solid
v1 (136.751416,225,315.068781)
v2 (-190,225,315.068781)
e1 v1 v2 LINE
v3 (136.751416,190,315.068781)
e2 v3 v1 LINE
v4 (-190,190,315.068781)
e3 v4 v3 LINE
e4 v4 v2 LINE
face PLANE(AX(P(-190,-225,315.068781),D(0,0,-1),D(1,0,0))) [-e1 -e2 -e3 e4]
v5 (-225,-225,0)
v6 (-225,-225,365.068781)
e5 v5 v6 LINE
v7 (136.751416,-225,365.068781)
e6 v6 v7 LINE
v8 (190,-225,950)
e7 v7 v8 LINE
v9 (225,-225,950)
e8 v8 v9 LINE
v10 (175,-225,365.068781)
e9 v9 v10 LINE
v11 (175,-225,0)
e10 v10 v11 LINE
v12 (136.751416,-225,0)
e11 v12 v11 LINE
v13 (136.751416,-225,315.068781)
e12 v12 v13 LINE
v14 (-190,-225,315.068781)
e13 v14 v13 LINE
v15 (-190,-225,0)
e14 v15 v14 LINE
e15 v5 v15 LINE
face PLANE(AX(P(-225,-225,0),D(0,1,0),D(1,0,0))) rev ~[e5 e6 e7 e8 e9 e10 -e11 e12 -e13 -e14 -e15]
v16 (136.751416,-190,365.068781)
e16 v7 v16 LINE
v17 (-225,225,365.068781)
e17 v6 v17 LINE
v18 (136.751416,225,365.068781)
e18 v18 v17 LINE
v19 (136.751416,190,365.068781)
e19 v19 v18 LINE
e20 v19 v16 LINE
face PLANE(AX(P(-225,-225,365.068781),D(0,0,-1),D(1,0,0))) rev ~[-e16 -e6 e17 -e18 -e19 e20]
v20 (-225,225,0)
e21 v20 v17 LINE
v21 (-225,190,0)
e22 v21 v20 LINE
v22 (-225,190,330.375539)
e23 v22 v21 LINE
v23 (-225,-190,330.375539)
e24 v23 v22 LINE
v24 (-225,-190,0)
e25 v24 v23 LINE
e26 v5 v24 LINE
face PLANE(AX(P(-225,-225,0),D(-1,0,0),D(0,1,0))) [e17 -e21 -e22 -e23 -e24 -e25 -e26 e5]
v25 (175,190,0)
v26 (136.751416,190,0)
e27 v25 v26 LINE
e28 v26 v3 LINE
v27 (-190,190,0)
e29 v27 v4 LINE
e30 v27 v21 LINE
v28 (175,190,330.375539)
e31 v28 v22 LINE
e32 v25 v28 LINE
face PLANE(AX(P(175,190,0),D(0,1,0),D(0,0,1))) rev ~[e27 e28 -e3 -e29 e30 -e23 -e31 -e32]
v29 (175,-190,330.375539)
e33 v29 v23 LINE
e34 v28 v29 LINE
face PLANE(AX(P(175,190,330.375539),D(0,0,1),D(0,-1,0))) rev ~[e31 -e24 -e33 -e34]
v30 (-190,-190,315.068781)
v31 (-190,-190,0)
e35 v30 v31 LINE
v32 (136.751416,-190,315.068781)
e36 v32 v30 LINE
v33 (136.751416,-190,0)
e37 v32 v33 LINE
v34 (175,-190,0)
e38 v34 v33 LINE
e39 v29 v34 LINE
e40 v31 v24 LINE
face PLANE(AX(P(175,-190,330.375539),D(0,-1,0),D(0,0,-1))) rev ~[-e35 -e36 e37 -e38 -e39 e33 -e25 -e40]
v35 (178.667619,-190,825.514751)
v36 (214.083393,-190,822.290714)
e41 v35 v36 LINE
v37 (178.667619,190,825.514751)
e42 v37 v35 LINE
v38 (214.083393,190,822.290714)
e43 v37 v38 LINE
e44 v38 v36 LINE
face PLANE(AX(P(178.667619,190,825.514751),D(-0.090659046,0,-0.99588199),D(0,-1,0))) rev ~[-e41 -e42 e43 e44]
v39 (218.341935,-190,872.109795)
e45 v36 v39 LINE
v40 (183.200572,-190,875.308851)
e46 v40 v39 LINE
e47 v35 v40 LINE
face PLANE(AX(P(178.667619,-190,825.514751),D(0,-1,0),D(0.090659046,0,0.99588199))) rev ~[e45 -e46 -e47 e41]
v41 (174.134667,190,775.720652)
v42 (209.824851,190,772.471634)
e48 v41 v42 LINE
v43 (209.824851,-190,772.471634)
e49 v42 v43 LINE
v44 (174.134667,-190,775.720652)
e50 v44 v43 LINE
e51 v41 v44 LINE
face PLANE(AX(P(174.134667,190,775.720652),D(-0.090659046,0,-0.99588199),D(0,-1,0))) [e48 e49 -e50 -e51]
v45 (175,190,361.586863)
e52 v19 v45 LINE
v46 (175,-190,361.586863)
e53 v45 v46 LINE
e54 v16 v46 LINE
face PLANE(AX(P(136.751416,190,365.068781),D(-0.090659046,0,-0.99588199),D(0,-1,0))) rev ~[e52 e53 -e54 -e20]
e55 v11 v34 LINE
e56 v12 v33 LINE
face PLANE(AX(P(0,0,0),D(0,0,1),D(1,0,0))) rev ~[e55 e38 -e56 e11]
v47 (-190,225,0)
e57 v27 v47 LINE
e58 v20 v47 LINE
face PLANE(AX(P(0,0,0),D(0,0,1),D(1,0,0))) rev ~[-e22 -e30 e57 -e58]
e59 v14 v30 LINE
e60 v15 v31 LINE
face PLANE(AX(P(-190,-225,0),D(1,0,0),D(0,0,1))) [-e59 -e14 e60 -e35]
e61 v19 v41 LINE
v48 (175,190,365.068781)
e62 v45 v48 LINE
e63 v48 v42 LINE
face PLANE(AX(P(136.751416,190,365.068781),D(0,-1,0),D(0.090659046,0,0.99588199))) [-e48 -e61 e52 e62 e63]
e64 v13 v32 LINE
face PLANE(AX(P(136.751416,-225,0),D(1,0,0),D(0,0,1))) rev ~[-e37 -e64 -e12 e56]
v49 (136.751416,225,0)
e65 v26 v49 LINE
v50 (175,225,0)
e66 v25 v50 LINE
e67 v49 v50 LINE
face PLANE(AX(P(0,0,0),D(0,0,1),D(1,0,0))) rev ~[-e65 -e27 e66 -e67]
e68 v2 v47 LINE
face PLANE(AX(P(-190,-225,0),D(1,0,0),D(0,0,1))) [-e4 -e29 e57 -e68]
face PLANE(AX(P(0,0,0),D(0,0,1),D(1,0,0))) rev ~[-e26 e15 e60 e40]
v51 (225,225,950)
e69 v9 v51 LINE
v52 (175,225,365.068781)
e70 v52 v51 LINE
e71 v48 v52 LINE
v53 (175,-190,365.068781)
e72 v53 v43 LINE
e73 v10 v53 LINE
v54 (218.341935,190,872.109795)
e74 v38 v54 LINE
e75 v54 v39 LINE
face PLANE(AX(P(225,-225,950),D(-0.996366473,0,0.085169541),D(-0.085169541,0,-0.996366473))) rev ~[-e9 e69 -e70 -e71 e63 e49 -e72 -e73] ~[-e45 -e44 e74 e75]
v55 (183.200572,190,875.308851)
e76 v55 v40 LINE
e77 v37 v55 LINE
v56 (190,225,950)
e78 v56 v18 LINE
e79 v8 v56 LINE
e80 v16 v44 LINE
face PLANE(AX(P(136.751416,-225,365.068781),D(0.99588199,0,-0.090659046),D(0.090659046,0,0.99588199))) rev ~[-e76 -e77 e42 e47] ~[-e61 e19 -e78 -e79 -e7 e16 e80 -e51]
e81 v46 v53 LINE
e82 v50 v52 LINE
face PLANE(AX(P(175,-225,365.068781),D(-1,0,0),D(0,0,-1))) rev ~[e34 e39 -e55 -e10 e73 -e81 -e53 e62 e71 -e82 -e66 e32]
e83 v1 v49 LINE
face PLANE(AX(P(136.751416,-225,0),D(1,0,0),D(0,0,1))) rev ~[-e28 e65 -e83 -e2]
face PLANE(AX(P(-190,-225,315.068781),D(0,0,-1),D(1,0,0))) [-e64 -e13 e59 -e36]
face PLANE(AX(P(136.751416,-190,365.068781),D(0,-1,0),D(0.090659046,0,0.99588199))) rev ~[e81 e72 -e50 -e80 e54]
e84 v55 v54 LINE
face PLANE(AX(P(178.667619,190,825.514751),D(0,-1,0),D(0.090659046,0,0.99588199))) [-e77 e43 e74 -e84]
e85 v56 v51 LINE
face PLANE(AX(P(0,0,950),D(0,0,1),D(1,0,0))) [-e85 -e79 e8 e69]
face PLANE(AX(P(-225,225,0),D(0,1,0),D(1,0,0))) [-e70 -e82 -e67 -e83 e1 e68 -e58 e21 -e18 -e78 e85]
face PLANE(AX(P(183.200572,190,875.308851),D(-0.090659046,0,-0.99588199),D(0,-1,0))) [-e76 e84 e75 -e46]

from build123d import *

# Parameters (mm, degrees)
F0_W     = 450
F0_H     = 450
F1_DEPTH = 950
F2_W     = 50
F2_H     = 315.0687813759
F2_W_2   = 326.7514157295
F3_DEPTH = 450.001
F5_DEPTH = 400.001
F6_W     = 380
F6_H     = 412.3499316829
F6_H_2   = 50
F7_DEPTH = 120.98296301


with BuildPart() as f1:
    # F0 (on Top) → F1 (new body)
    with BuildSketch(Plane.XY):
        Rectangle(F0_W, F0_H)
    extrude(amount=F1_DEPTH)

    # F2 (on face) → F3 (cut, through all)
    with BuildSketch(Plane.XZ.offset(225)):
        Polygon((-225, 950), (-225, 365.0687813759), (136.7514157295, 365.0687813759), (190, 950), align=None)
        Polygon((200, 657.5343906879), (175, 365.0687813759), (225, 365.0687813759), (225, 950), align=None)
        Polygon((225, 365.0687813759), (175, 365.0687813759), (175, 315.0687813759), (225, 315.0687813759), (225, 360.064893961), (225, 365.064893961), align=None)
        with Locations((200, 157.5343906879)):
            Rectangle(F2_W, F2_H)
        with Locations((-26.6242921352, 157.5343906879)):
            Rectangle(F2_W_2, F2_H)
    extrude(amount=-F3_DEPTH, mode=Mode.SUBTRACT)

    # F4 (on face) → F5 (cut, through all)
    with BuildSketch(Plane.YZ.offset(175)):
        Polygon((-190, 172.1675388782), (-190, 0), (190, 0), (190, 330.3755388782), (-190, 330.3755388782), align=None)
    extrude(amount=-F5_DEPTH, mode=Mode.SUBTRACT)

    # F6 (on face) → F7 (cut, through all)
    with BuildSketch(Plane(origin=(102.6669528821, 0, -9.3461756156), x_dir=(0, -1, 0), z_dir=(-0.9958819897, 0, 0.0906590457))):
        with Locations((0, 582.1381430631)):
            Rectangle(F6_W, F6_H)
        with Locations((0, 863.3131089045)):
            Rectangle(F6_W, F6_H_2)
    extrude(amount=-F7_DEPTH, mode=Mode.SUBTRACT)


solid = f1.part
